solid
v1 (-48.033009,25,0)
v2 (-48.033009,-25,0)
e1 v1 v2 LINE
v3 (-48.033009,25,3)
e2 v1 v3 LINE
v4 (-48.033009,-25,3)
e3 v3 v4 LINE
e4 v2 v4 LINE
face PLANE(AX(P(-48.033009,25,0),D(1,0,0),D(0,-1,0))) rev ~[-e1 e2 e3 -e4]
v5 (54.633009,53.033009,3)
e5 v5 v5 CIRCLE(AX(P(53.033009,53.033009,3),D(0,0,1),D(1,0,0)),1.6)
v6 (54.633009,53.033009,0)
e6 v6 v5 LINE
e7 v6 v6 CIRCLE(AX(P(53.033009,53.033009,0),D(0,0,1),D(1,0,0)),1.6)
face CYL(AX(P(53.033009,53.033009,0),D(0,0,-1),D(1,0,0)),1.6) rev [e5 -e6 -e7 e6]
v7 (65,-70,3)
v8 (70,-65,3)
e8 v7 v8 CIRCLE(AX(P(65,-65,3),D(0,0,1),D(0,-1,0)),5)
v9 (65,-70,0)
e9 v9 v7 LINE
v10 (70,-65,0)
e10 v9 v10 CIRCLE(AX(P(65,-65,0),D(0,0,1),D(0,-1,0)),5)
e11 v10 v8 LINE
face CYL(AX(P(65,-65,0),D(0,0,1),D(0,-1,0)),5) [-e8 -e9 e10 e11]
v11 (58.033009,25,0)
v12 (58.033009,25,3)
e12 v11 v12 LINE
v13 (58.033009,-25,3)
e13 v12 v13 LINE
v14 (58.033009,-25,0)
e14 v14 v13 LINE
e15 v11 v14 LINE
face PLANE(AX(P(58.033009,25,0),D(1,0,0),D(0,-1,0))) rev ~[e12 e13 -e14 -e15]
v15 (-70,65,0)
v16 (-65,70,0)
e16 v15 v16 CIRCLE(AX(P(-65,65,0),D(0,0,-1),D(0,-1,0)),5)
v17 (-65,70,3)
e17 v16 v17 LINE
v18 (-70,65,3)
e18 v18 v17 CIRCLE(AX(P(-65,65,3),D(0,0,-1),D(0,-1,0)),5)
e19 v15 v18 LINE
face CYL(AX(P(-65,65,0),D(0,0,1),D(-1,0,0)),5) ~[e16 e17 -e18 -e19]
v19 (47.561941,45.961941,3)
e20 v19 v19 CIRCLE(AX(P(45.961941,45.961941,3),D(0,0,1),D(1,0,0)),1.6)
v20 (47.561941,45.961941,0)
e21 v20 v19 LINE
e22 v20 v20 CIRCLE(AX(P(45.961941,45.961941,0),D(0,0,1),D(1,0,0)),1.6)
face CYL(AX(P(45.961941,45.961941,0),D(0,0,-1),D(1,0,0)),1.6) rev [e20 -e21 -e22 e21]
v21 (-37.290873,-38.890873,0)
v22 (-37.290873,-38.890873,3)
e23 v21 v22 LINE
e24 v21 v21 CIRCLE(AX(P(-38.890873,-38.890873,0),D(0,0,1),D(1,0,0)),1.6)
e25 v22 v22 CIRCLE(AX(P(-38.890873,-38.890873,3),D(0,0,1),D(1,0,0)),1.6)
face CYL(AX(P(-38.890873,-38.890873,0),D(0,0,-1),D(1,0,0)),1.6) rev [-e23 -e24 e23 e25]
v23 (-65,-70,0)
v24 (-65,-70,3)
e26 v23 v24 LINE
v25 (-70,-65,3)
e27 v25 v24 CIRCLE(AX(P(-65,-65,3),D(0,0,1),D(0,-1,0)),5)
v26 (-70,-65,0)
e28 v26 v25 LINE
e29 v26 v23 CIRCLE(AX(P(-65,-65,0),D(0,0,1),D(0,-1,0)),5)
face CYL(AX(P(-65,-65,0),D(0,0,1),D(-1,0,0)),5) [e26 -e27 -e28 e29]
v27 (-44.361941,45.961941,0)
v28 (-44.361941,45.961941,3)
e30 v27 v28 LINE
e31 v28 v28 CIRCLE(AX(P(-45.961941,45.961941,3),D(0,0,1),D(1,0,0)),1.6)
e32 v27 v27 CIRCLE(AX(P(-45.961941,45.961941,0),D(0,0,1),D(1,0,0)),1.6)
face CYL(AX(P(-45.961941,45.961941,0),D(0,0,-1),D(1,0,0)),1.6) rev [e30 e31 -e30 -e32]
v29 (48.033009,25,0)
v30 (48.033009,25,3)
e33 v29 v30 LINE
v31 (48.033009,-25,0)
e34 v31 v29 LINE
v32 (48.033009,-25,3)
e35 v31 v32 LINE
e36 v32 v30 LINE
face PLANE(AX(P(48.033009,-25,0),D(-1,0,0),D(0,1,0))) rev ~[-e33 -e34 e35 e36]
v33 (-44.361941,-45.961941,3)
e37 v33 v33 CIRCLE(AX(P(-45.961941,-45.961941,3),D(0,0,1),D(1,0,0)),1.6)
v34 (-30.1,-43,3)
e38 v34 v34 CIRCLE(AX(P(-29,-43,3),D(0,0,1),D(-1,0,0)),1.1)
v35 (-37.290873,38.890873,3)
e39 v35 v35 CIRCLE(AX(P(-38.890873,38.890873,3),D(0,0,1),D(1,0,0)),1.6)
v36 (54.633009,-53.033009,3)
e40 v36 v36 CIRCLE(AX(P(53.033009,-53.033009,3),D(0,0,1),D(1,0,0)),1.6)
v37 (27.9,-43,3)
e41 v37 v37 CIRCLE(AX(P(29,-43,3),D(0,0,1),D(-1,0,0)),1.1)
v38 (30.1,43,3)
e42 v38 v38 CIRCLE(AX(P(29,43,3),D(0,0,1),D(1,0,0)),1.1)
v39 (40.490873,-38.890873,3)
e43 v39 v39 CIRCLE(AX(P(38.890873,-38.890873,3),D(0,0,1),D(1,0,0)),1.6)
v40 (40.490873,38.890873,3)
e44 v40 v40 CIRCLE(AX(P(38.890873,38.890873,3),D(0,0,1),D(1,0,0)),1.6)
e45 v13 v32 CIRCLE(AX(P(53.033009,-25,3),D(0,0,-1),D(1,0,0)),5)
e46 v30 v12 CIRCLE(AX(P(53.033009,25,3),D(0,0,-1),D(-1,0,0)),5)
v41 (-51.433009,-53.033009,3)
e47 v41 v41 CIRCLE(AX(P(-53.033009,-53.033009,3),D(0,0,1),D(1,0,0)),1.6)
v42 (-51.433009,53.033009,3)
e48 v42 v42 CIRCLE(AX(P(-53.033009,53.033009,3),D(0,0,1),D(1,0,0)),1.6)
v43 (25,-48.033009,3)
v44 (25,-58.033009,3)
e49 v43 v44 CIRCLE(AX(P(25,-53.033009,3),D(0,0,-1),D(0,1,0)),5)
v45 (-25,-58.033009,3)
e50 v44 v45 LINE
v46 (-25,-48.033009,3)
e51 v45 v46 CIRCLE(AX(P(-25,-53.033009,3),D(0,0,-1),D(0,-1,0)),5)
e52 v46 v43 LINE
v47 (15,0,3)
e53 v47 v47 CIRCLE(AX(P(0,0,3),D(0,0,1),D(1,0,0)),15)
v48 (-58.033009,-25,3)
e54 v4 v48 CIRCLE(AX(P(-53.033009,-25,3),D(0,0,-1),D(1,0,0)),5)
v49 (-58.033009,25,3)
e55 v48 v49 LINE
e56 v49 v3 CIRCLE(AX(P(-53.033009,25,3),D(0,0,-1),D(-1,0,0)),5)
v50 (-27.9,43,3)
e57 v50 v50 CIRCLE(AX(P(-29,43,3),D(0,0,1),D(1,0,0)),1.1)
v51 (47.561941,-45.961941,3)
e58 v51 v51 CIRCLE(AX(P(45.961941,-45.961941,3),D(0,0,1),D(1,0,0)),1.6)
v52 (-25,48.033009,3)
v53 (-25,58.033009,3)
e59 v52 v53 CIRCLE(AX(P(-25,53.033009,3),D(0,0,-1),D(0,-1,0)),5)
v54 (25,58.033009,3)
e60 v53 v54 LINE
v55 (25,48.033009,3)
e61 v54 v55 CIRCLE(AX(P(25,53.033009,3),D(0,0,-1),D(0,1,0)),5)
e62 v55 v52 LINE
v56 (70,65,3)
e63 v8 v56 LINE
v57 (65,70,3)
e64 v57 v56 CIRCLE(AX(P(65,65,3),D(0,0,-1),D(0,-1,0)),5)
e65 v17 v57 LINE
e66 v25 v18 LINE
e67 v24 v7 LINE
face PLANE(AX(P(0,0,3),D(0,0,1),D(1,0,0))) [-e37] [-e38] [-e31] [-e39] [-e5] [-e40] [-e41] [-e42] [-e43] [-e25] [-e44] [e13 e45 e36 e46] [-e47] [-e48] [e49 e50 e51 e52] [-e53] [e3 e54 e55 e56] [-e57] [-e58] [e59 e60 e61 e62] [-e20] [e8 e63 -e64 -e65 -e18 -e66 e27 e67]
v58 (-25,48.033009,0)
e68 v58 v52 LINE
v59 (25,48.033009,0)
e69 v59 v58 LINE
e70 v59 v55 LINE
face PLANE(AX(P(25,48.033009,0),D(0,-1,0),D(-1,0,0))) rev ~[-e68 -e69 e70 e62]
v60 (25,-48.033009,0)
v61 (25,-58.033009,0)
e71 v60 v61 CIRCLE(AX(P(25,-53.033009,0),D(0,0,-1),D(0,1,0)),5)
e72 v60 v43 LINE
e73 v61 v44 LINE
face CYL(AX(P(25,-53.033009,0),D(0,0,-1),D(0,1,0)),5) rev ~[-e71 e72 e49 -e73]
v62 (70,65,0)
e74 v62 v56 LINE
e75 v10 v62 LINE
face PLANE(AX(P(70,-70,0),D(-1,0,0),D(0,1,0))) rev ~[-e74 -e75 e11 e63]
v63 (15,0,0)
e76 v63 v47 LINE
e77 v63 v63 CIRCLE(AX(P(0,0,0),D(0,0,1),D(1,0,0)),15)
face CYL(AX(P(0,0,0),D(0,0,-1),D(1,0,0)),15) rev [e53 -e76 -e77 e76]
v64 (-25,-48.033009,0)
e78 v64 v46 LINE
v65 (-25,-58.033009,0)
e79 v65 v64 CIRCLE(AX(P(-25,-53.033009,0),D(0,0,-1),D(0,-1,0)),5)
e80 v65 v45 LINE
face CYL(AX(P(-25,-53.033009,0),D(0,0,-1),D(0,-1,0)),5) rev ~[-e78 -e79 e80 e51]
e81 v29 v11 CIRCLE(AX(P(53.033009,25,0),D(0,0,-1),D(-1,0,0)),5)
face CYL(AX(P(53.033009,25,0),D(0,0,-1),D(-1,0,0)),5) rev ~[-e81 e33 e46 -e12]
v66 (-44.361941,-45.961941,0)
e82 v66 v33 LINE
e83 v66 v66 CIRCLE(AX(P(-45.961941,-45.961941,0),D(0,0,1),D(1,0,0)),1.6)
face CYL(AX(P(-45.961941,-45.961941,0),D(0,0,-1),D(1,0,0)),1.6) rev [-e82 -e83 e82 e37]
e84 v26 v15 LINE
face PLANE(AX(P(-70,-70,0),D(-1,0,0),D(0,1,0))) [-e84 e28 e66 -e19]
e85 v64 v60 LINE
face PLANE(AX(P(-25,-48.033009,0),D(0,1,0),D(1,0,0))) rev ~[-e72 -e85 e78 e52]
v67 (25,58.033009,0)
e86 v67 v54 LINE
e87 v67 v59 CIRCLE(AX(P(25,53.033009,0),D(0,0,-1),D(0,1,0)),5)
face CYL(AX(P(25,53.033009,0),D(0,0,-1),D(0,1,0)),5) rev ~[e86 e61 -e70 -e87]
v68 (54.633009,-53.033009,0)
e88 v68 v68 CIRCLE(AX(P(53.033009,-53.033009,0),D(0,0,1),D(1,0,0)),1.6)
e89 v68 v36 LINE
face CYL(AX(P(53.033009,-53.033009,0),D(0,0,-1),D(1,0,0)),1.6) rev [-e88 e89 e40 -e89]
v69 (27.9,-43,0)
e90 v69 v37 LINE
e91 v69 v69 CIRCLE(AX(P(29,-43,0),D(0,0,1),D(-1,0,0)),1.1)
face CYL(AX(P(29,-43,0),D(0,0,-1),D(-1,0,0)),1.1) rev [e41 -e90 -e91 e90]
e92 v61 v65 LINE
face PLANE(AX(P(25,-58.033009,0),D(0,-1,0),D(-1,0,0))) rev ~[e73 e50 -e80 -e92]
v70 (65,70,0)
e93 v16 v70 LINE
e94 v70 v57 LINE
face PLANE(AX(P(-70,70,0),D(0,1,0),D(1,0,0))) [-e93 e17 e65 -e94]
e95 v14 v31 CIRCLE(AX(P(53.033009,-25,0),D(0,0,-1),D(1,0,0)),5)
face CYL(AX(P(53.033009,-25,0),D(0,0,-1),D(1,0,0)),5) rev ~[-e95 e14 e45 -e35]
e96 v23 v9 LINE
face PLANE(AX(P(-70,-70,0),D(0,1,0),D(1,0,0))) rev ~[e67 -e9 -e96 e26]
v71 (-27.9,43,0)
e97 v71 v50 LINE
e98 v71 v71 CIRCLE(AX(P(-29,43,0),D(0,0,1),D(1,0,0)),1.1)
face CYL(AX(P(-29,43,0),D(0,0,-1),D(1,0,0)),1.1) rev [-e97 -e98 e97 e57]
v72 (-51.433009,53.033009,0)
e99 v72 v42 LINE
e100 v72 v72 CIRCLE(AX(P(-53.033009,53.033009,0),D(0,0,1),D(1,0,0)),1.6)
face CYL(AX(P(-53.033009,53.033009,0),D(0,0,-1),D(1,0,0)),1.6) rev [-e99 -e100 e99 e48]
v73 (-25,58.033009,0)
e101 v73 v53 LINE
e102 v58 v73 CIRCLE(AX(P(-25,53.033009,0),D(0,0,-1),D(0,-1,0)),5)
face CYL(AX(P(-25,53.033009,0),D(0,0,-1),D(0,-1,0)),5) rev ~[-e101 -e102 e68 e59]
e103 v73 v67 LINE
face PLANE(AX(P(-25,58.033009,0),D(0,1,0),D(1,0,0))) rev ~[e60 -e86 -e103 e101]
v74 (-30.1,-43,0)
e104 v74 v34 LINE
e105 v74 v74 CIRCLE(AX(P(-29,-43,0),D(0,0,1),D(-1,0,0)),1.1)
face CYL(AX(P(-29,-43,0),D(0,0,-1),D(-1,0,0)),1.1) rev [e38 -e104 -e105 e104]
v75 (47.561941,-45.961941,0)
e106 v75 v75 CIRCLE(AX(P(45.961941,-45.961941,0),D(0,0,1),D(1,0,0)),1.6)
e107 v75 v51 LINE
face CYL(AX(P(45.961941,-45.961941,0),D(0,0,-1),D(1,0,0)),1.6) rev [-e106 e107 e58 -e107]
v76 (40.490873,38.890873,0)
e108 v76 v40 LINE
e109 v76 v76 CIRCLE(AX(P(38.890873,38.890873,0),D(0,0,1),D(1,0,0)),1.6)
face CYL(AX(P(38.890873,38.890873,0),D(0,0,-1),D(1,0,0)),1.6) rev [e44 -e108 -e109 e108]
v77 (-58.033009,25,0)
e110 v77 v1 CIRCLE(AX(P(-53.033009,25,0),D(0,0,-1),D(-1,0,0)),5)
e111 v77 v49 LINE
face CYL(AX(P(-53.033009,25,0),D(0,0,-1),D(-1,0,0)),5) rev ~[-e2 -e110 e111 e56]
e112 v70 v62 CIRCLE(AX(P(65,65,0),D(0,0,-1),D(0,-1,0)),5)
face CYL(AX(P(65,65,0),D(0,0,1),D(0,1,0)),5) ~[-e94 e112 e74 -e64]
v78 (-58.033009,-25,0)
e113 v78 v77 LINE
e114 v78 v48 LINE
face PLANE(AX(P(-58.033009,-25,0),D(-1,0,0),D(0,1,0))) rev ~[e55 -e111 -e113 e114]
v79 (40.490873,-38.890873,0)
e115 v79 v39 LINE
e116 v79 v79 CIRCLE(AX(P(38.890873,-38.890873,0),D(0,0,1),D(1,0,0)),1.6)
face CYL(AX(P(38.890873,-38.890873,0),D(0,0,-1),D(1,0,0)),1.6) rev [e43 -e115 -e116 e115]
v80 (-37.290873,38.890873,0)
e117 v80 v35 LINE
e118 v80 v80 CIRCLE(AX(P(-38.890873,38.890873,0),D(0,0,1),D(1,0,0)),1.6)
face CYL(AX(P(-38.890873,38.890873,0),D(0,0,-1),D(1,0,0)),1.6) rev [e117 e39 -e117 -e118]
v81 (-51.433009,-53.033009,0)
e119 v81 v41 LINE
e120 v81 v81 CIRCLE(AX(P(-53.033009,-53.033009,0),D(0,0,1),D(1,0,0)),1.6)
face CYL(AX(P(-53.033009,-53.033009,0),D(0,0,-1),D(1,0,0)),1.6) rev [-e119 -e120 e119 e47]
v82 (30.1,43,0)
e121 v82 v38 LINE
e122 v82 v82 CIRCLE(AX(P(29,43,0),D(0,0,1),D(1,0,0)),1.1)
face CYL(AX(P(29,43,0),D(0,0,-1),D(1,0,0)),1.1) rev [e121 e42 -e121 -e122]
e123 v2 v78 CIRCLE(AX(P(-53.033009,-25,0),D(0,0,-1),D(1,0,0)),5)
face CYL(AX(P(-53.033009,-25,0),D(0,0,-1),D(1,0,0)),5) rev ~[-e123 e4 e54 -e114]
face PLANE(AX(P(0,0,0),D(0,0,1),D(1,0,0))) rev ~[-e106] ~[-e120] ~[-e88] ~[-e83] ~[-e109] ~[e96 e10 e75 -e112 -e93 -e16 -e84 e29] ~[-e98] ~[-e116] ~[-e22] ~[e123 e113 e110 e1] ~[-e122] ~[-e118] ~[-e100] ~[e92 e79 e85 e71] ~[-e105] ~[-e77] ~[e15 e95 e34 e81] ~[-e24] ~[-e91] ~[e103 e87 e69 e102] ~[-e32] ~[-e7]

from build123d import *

# Parameters (mm, degrees)
SKETCH_1_W      = 140
SKETCH_1_H      = 140
SKETCH_1_R      = 1.6
SKETCH_1_R_2    = 1.1
SKETCH_1_R_3    = 15
EXTRUDE_1_DEPTH = 3
FILLET_1_R      = 5


with BuildPart() as part:
    # 草图1 → 凸台-拉伸1 (new body)
    with BuildSketch(Plane.XY):
        Rectangle(SKETCH_1_W, SKETCH_1_H)
        with Locations((53.033008589, 53.033008589)):
            Circle(SKETCH_1_R, mode=Mode.SUBTRACT)
        with Locations((-29, 43)):
            Circle(SKETCH_1_R_2, mode=Mode.SUBTRACT)
        with Locations((29, 43)):
            Circle(SKETCH_1_R_2, mode=Mode.SUBTRACT)
        with Locations(Location((29, -43, 0), (0, 0, 180))):
            Circle(SKETCH_1_R_2, mode=Mode.SUBTRACT)
        with Locations(Location((-29, -43, 0), (0, 0, 180))):
            Circle(SKETCH_1_R_2, mode=Mode.SUBTRACT)
        with Locations((53.033008589, -53.033008589)):
            Circle(SKETCH_1_R, mode=Mode.SUBTRACT)
        with Locations((-53.033008589, -53.033008589)):
            Circle(SKETCH_1_R, mode=Mode.SUBTRACT)
        with Locations((-53.033008589, 53.033008589)):
            Circle(SKETCH_1_R, mode=Mode.SUBTRACT)
        with Locations((45.961940777, 45.961940777)):
            Circle(SKETCH_1_R, mode=Mode.SUBTRACT)
        with Locations((38.890872965, 38.890872965)):
            Circle(SKETCH_1_R, mode=Mode.SUBTRACT)
        with Locations((45.961940777, -45.961940777)):
            Circle(SKETCH_1_R, mode=Mode.SUBTRACT)
        with Locations((38.890872965, -38.890872965)):
            Circle(SKETCH_1_R, mode=Mode.SUBTRACT)
        with Locations((-45.961940777, -45.961940777)):
            Circle(SKETCH_1_R, mode=Mode.SUBTRACT)
        with Locations((-38.890872965, -38.890872965)):
            Circle(SKETCH_1_R, mode=Mode.SUBTRACT)
        with Locations((-45.961940777, 45.961940777)):
            Circle(SKETCH_1_R, mode=Mode.SUBTRACT)
        with Locations((-38.890872965, 38.890872965)):
            Circle(SKETCH_1_R, mode=Mode.SUBTRACT)
        Circle(SKETCH_1_R_3, mode=Mode.SUBTRACT)
        with BuildLine():
            Line((-25, 58.033008589), (25, 58.033008589))
            ThreePointArc((25, 58.033008589), (30, 53.033008589), (25, 48.033008589))
            Line((25, 48.033008589), (-25, 48.033008589))
            ThreePointArc((-25, 48.033008589), (-30, 53.033008589), (-25, 58.033008589))
        make_face(mode=Mode.SUBTRACT)
        with BuildLine():
            Line((58.033008589, 25), (58.033008589, -25))
            ThreePointArc((58.033008589, -25), (53.033008589, -30), (48.033008589, -25))
            Line((48.033008589, -25), (48.033008589, 25))
            ThreePointArc((48.033008589, 25), (53.033008589, 30), (58.033008589, 25))
        make_face(mode=Mode.SUBTRACT)
        with BuildLine():
            Line((25, -58.033008589), (-25, -58.033008589))
            ThreePointArc((-25, -58.033008589), (-30, -53.033008589), (-25, -48.033008589))
            Line((-25, -48.033008589), (25, -48.033008589))
            ThreePointArc((25, -48.033008589), (30, -53.033008589), (25, -58.033008589))
        make_face(mode=Mode.SUBTRACT)
        with BuildLine():
            Line((-58.033008589, -25), (-58.033008589, 25))
            ThreePointArc((-58.033008589, 25), (-53.033008589, 30), (-48.033008589, 25))
            Line((-48.033008589, 25), (-48.033008589, -25))
            ThreePointArc((-48.033008589, -25), (-53.033008589, -30), (-58.033008589, -25))
        make_face(mode=Mode.SUBTRACT)
    extrude(amount=EXTRUDE_1_DEPTH)

    # 圆角1
    fillet_1_edges = [part.edges().sort_by_distance(p)[0] for p in [
        (-70, 70, 1.5),
        (70, 70, 1.5),
        (70, -70, 1.5),
        (-70, -70, 1.5),
    ]]
    fillet(fillet_1_edges, radius=FILLET_1_R)


solid = part.part
